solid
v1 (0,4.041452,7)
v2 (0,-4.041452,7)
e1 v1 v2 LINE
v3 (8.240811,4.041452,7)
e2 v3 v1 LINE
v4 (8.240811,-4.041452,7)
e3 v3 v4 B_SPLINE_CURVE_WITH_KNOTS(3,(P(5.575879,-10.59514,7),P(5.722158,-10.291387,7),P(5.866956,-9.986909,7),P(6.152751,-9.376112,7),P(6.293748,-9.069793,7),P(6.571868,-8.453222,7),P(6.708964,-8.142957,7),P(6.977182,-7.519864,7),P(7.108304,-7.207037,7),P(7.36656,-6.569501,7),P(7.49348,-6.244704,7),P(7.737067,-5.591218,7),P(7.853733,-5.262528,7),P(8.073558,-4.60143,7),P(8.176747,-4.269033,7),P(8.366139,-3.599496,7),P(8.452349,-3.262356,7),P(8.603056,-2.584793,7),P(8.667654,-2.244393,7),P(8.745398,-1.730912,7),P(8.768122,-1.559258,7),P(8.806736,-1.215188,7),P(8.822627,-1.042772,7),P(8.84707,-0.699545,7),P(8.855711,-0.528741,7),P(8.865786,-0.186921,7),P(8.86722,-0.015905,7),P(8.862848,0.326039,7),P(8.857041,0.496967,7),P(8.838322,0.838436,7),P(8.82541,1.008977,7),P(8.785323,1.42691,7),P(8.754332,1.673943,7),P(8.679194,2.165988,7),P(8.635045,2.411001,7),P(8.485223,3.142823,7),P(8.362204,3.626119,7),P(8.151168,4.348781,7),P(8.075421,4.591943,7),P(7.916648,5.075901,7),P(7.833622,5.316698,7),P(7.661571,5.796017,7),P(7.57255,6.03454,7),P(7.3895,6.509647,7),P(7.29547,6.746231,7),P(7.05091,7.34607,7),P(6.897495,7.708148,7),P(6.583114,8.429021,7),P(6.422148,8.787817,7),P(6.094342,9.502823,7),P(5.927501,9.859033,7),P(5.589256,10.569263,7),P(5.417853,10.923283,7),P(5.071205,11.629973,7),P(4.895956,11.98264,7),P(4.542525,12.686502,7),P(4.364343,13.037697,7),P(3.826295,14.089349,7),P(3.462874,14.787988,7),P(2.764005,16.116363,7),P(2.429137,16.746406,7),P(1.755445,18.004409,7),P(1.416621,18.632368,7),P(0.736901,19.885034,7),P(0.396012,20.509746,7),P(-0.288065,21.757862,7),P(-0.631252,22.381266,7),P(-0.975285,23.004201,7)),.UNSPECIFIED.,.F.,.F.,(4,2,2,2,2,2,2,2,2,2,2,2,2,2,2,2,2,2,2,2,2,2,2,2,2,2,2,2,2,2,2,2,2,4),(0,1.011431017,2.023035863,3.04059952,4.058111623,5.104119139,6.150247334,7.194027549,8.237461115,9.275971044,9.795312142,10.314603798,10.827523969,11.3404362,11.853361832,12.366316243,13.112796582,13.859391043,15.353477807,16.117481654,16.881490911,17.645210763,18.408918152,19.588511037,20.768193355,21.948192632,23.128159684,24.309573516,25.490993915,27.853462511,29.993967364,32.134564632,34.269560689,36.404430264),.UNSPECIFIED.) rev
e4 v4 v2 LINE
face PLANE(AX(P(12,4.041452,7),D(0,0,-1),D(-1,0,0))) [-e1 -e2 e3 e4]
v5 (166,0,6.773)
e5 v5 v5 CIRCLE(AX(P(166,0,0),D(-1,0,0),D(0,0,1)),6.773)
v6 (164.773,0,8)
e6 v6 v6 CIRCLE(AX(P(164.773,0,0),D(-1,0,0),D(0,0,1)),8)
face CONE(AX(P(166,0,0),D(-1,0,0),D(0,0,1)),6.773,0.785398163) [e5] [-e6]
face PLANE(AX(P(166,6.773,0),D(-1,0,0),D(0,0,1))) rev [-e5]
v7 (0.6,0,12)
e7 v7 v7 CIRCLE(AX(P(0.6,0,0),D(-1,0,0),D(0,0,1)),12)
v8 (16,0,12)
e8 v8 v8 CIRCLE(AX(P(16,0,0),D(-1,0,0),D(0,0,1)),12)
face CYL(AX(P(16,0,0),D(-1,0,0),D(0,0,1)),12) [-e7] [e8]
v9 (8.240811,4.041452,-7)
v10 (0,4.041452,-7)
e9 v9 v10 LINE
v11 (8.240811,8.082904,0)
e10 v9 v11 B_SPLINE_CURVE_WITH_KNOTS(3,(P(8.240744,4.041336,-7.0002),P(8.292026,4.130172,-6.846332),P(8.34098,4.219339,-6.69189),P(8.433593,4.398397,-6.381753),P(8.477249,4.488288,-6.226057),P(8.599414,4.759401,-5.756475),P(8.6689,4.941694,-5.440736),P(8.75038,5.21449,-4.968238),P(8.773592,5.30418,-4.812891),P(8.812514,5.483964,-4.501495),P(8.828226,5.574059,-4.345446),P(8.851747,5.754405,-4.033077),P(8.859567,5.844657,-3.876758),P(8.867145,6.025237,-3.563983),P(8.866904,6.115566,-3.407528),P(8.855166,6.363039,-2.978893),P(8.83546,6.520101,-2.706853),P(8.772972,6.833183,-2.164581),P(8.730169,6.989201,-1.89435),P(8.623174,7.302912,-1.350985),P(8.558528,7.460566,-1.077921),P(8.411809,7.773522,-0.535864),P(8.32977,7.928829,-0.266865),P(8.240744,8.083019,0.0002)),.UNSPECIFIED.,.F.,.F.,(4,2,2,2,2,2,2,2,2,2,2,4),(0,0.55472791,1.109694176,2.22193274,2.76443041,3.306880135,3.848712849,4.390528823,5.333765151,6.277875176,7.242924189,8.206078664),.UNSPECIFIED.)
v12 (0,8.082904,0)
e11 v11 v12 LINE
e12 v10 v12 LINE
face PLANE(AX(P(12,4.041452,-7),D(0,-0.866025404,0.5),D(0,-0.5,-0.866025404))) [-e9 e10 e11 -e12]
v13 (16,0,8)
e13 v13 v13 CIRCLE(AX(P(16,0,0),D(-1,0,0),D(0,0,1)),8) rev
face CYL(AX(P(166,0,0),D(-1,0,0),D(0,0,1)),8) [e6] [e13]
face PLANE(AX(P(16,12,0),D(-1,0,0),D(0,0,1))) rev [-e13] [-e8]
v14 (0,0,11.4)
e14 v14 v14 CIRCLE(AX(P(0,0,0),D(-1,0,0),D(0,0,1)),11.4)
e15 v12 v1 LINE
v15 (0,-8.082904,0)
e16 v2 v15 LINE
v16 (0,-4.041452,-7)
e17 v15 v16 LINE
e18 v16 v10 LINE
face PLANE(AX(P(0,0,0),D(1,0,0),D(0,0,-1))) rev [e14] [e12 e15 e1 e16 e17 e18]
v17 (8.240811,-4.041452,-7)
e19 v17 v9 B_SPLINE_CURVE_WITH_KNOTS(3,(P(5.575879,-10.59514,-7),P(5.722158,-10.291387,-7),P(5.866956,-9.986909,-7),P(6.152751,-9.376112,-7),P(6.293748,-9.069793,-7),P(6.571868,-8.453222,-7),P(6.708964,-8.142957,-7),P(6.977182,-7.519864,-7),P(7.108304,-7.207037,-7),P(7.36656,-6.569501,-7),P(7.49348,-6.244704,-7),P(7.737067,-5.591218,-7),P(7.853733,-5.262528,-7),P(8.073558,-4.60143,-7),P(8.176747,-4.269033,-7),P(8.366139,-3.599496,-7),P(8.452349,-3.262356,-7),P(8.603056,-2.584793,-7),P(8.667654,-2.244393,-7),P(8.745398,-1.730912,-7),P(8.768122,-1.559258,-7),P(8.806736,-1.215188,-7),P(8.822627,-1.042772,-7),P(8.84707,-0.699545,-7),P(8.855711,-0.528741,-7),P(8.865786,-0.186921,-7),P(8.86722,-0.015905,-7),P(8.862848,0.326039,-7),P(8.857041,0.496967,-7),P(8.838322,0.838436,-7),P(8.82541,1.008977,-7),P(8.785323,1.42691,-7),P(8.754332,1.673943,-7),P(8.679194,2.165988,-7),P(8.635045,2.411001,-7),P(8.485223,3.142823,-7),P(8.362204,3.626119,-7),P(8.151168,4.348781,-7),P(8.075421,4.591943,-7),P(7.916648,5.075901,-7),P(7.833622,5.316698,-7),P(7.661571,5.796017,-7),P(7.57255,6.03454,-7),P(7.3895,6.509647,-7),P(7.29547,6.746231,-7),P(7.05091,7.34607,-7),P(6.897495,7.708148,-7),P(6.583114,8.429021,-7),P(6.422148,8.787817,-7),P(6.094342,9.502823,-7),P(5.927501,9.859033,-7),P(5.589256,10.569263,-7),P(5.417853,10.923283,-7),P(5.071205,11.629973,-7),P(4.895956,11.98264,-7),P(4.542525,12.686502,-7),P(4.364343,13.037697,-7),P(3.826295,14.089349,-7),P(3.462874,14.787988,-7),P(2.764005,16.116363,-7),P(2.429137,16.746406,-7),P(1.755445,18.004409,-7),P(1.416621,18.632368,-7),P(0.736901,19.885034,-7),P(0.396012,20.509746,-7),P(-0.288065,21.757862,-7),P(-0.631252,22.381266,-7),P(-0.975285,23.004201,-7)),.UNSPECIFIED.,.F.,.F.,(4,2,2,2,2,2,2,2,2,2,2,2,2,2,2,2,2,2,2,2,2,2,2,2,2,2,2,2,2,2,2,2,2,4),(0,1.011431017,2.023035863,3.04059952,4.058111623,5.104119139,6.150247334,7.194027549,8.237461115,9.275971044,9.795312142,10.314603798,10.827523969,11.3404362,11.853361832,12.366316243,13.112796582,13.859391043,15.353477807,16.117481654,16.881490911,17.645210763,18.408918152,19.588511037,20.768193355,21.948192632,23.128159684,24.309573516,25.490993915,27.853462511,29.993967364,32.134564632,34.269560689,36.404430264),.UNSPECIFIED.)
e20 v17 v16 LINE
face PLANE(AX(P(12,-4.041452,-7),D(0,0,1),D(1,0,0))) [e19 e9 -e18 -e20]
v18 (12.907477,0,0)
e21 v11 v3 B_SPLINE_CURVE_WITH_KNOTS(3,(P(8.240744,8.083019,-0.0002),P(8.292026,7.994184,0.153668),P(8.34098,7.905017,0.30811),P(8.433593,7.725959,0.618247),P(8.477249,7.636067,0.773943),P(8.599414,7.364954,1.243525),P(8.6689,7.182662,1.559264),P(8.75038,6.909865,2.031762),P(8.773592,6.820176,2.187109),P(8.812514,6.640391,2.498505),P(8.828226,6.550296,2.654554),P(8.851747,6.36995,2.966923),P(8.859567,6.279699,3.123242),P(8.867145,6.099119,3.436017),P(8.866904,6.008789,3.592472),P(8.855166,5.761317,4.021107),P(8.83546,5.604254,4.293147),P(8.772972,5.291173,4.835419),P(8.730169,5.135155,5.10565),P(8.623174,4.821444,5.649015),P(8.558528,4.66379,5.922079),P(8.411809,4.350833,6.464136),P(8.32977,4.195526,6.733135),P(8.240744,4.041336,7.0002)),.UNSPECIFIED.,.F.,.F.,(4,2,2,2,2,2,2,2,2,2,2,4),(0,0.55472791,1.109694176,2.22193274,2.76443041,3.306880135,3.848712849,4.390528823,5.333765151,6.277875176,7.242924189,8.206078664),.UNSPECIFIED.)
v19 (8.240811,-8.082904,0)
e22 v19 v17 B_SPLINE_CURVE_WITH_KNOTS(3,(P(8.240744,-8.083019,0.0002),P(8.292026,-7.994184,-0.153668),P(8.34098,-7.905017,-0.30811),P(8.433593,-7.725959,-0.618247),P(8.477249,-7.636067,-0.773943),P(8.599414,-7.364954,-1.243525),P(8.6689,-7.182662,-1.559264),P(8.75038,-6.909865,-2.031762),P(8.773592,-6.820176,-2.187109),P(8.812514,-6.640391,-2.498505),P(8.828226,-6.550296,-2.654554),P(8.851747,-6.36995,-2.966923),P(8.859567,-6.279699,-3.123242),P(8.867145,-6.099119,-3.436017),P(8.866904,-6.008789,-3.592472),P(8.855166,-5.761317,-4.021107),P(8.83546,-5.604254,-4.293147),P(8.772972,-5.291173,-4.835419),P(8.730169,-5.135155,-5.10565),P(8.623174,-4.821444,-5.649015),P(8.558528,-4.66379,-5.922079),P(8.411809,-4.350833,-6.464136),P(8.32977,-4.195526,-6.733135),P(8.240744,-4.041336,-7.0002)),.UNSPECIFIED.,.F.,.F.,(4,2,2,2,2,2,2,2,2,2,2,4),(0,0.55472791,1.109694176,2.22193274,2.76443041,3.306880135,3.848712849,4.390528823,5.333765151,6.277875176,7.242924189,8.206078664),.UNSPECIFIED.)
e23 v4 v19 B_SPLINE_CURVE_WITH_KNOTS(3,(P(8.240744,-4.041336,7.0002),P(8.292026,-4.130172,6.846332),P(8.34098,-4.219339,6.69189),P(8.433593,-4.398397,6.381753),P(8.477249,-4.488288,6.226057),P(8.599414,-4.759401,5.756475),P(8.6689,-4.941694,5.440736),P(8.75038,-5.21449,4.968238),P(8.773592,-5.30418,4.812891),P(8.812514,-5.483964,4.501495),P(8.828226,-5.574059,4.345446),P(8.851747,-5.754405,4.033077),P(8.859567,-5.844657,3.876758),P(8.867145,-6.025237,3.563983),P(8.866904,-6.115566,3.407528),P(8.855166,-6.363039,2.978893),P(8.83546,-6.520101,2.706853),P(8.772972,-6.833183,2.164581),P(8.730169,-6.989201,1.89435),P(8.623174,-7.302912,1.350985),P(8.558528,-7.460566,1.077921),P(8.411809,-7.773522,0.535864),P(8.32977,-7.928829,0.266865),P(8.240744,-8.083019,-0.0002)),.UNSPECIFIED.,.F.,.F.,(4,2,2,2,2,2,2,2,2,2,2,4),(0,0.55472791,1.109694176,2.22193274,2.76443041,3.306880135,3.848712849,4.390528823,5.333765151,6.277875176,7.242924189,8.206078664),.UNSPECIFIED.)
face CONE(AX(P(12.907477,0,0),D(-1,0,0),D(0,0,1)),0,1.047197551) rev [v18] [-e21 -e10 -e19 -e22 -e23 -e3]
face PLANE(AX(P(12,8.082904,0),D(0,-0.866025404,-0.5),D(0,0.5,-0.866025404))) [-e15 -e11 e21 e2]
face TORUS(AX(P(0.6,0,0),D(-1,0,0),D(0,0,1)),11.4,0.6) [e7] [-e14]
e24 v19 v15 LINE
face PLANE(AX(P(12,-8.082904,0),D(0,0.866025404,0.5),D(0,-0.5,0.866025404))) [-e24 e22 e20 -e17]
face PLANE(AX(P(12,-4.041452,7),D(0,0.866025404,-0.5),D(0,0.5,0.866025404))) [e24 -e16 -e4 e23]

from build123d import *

# Parameters (mm, degrees)
SZKIC1_W                    = 16
SZKIC1_H                    = 12
SZKIC5_R                    = 9
DODANIE_WYCI_GNI_CIE1_DEPTH = 12


with BuildPart() as part:
    # Szkic1 → Obrót1 (revolve)
    with BuildSketch(Plane.XY):
        with Locations((8, 6)):
            Rectangle(SZKIC1_W, SZKIC1_H)
    revolve(axis=Axis((16, 0, 0), (-1, 0, 0)))

    # Szkic2 → Wycięcie-obrót1 (revolve, cut)
    with BuildSketch(Plane.XY):
        with BuildLine():
            Line((0, 12), (0, 11.4))
            ThreePointArc((0, 11.4), (0.175735931, 11.824264069), (0.6, 12))
            Line((0.6, 12), (0, 12))
        make_face()
    revolve(axis=Axis((16, 0, 0), (-1, 0, 0)), mode=Mode.SUBTRACT)

    # Szkic3 → Obrót2 (revolve)
    with BuildSketch(Plane.XY):
        Polygon((16, 0), (16, 8), (164.773, 8), (166, 6.773), (166, 0), align=None)
    revolve(axis=Axis((166, 0, 0), (-1, 0, 0)))

    # Szkic4 → Wycięcie-obrót2 (revolve, cut)
    with BuildSketch(Plane.XY):
        Polygon((0, 0), (0, 8.5), (8, 8.5), (12.907477288, 0), align=None)
    revolve(axis=Axis((12.907477288, 0, 0), (-1, 0, 0)), mode=Mode.SUBTRACT)

    # Szkic5 → Dodanie-wyciągnięcie1 (add)
    with BuildSketch(Plane(origin=(0, 0, 0), x_dir=(0, 0, -1), z_dir=(1, 0, 0))):
        Circle(SZKIC5_R)
        Polygon((-7, 4.041451884), (-7, -4.041451884), (0, -8.082903769), (7, -4.041451884), (7, 4.041451884), (0, 8.082903769), align=None, mode=Mode.SUBTRACT)
    extrude(amount=DODANIE_WYCI_GNI_CIE1_DEPTH)


solid = part.part
